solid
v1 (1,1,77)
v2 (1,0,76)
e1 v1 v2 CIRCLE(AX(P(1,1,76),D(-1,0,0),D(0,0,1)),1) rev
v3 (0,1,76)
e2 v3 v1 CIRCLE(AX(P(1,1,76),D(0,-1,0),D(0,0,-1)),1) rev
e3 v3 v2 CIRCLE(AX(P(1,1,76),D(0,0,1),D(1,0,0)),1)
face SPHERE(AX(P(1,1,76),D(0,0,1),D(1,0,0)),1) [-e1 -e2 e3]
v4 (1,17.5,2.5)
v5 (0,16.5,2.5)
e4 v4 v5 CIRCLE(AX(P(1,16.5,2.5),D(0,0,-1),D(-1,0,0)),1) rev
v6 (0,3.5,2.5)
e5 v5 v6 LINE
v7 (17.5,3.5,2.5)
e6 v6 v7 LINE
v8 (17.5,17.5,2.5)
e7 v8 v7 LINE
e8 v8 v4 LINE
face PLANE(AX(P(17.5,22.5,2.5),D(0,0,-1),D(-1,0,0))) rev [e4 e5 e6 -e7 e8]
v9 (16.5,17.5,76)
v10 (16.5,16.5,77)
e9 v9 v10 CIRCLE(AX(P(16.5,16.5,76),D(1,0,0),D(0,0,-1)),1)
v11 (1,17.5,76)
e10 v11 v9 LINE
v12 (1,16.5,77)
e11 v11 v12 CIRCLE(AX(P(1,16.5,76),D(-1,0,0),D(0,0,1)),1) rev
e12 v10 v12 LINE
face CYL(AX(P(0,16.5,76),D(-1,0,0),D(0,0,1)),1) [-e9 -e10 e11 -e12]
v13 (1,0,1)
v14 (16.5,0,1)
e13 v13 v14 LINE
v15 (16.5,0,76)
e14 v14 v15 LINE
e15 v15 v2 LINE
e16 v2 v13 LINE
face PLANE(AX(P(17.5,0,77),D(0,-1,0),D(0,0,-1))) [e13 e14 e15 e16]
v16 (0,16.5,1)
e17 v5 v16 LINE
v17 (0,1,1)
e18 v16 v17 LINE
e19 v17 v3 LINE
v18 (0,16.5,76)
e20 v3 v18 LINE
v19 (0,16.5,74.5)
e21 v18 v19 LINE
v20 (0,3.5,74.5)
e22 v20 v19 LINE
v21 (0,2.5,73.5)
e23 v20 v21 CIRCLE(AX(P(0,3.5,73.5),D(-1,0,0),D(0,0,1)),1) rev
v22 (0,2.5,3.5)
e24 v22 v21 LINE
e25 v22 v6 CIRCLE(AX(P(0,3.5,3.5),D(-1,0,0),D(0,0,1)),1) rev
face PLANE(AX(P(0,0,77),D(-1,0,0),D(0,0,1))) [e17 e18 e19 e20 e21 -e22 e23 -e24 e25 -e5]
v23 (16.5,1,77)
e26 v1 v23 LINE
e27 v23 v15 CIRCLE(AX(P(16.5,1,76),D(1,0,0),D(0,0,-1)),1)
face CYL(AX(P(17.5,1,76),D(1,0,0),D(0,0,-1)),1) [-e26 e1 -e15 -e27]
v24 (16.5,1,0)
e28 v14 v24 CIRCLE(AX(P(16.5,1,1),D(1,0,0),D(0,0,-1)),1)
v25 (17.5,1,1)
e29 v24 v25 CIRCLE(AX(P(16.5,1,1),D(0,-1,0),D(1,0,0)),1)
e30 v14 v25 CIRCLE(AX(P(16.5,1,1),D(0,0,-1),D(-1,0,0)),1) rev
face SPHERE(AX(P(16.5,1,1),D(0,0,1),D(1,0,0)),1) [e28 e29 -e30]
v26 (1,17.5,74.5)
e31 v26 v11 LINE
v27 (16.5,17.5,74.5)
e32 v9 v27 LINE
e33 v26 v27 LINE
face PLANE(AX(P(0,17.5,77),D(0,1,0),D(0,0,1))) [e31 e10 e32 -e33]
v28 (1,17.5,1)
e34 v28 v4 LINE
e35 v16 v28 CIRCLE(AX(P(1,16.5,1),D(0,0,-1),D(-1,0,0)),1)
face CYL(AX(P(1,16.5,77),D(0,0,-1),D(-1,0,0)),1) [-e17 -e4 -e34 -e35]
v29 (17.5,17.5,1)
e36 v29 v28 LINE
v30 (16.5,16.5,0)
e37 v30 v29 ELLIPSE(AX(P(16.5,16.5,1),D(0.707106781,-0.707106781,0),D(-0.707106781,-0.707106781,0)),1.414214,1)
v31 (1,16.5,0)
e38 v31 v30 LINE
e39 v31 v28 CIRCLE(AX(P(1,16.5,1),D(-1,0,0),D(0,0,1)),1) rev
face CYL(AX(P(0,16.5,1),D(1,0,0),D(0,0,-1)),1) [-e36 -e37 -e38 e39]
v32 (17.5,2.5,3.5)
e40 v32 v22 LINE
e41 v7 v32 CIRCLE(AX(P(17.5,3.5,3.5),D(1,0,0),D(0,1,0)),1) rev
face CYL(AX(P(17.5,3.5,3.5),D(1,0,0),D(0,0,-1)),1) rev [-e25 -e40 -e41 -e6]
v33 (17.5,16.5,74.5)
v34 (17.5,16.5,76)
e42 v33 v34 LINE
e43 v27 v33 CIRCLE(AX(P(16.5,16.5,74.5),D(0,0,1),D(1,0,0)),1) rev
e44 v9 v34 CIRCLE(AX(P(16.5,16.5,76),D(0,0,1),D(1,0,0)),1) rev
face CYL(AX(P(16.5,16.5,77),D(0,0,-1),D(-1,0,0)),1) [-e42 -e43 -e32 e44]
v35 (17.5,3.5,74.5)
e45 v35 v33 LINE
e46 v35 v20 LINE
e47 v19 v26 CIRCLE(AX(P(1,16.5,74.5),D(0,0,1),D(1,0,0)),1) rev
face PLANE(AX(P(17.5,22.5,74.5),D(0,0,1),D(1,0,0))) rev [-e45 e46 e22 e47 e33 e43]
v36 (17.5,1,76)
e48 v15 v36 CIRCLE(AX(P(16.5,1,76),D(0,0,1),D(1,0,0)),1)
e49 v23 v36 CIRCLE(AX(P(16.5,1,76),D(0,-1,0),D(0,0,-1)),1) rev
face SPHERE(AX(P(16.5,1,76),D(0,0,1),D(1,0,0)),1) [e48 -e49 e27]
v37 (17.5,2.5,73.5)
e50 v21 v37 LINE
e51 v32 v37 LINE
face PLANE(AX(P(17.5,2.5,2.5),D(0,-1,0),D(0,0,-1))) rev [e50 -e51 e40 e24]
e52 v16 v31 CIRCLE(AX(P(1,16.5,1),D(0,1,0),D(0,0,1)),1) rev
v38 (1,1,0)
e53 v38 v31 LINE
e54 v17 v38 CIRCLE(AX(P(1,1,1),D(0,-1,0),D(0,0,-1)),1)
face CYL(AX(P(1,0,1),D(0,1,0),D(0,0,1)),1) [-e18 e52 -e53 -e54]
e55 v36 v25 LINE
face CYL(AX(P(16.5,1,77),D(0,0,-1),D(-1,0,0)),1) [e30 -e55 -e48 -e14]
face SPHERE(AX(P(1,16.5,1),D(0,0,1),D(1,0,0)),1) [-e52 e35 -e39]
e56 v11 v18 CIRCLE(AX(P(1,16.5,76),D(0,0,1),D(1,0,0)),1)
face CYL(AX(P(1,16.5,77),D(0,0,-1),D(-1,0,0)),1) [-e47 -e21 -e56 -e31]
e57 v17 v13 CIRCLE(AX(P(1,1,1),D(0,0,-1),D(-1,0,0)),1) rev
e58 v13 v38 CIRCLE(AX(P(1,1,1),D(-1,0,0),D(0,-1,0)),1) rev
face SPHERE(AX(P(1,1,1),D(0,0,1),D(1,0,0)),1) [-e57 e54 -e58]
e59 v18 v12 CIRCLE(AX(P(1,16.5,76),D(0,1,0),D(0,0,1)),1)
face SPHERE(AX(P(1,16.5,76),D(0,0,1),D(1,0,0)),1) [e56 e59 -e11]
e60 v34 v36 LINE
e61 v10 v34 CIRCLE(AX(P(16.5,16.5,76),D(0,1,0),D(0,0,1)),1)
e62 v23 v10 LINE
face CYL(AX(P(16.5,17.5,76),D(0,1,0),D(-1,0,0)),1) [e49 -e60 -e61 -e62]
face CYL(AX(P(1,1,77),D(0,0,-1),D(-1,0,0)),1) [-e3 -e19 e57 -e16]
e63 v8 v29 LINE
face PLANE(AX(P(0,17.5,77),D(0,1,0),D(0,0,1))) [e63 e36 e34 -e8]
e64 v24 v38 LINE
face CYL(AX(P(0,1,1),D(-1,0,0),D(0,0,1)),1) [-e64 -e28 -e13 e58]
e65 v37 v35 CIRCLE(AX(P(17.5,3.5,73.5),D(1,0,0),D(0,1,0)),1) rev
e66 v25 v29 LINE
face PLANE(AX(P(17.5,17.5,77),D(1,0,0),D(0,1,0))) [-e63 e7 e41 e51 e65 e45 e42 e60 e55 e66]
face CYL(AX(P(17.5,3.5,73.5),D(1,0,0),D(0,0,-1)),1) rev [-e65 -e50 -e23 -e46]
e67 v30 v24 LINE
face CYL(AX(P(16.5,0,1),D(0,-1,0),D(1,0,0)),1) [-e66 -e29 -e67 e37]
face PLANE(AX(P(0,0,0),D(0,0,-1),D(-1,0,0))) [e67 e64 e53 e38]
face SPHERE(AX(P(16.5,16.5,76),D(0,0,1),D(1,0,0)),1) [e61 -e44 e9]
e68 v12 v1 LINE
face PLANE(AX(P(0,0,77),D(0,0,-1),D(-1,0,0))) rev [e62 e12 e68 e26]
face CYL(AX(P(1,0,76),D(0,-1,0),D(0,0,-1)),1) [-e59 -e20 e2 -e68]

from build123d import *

# Parameters (mm, degrees)
ESQUISSE1_W             = 17.5
ESQUISSE1_H             = 17.5
BOSS_EXTRU_1_DEPTH      = 77
ESQUISSE2_W             = 72
ESQUISSE2_H             = 20
ENL_V_MAT_EXTRU_1_DEPTH = 18.5
CONG_1_R                = 1


with BuildPart() as part:
    # Esquisse1 → Boss.-Extru.1 (new body)
    with BuildSketch(Plane.XY):
        with Locations((8.75, 8.75)):
            Rectangle(ESQUISSE1_W, ESQUISSE1_H)
    extrude(amount=BOSS_EXTRU_1_DEPTH)

    # Esquisse2 → Enlèv. mat.-Extru.1 (cut, through all)
    with BuildSketch(Plane.ZY):
        with Locations((38.5, 12.5)):
            Rectangle(ESQUISSE2_W, ESQUISSE2_H)
    extrude(amount=-ENL_V_MAT_EXTRU_1_DEPTH, mode=Mode.SUBTRACT)

    # Congé1
    cong_1_edges = [part.edges().sort_by_distance(p)[0] for p in [
        (8.75, 17.5, 77),
        (0, 17.5, 1.25),
        (17.5, 8.75, 77),
        (8.75, 2.5, 2.5),
        (8.75, 2.5, 74.5),
        (8.75, 0, 77),
        (17.5, 8.75, 0),
        (8.75, 17.5, 0),
        (0, 8.75, 0),
        (8.75, 0, 0),
        (17.5, 0, 38.5),
        (17.5, 17.5, 75.75),
        (0, 17.5, 75.75),
        (0, 0, 38.5),
        (0, 8.75, 77),
    ]]
    fillet(cong_1_edges, radius=CONG_1_R)


solid = part.part
